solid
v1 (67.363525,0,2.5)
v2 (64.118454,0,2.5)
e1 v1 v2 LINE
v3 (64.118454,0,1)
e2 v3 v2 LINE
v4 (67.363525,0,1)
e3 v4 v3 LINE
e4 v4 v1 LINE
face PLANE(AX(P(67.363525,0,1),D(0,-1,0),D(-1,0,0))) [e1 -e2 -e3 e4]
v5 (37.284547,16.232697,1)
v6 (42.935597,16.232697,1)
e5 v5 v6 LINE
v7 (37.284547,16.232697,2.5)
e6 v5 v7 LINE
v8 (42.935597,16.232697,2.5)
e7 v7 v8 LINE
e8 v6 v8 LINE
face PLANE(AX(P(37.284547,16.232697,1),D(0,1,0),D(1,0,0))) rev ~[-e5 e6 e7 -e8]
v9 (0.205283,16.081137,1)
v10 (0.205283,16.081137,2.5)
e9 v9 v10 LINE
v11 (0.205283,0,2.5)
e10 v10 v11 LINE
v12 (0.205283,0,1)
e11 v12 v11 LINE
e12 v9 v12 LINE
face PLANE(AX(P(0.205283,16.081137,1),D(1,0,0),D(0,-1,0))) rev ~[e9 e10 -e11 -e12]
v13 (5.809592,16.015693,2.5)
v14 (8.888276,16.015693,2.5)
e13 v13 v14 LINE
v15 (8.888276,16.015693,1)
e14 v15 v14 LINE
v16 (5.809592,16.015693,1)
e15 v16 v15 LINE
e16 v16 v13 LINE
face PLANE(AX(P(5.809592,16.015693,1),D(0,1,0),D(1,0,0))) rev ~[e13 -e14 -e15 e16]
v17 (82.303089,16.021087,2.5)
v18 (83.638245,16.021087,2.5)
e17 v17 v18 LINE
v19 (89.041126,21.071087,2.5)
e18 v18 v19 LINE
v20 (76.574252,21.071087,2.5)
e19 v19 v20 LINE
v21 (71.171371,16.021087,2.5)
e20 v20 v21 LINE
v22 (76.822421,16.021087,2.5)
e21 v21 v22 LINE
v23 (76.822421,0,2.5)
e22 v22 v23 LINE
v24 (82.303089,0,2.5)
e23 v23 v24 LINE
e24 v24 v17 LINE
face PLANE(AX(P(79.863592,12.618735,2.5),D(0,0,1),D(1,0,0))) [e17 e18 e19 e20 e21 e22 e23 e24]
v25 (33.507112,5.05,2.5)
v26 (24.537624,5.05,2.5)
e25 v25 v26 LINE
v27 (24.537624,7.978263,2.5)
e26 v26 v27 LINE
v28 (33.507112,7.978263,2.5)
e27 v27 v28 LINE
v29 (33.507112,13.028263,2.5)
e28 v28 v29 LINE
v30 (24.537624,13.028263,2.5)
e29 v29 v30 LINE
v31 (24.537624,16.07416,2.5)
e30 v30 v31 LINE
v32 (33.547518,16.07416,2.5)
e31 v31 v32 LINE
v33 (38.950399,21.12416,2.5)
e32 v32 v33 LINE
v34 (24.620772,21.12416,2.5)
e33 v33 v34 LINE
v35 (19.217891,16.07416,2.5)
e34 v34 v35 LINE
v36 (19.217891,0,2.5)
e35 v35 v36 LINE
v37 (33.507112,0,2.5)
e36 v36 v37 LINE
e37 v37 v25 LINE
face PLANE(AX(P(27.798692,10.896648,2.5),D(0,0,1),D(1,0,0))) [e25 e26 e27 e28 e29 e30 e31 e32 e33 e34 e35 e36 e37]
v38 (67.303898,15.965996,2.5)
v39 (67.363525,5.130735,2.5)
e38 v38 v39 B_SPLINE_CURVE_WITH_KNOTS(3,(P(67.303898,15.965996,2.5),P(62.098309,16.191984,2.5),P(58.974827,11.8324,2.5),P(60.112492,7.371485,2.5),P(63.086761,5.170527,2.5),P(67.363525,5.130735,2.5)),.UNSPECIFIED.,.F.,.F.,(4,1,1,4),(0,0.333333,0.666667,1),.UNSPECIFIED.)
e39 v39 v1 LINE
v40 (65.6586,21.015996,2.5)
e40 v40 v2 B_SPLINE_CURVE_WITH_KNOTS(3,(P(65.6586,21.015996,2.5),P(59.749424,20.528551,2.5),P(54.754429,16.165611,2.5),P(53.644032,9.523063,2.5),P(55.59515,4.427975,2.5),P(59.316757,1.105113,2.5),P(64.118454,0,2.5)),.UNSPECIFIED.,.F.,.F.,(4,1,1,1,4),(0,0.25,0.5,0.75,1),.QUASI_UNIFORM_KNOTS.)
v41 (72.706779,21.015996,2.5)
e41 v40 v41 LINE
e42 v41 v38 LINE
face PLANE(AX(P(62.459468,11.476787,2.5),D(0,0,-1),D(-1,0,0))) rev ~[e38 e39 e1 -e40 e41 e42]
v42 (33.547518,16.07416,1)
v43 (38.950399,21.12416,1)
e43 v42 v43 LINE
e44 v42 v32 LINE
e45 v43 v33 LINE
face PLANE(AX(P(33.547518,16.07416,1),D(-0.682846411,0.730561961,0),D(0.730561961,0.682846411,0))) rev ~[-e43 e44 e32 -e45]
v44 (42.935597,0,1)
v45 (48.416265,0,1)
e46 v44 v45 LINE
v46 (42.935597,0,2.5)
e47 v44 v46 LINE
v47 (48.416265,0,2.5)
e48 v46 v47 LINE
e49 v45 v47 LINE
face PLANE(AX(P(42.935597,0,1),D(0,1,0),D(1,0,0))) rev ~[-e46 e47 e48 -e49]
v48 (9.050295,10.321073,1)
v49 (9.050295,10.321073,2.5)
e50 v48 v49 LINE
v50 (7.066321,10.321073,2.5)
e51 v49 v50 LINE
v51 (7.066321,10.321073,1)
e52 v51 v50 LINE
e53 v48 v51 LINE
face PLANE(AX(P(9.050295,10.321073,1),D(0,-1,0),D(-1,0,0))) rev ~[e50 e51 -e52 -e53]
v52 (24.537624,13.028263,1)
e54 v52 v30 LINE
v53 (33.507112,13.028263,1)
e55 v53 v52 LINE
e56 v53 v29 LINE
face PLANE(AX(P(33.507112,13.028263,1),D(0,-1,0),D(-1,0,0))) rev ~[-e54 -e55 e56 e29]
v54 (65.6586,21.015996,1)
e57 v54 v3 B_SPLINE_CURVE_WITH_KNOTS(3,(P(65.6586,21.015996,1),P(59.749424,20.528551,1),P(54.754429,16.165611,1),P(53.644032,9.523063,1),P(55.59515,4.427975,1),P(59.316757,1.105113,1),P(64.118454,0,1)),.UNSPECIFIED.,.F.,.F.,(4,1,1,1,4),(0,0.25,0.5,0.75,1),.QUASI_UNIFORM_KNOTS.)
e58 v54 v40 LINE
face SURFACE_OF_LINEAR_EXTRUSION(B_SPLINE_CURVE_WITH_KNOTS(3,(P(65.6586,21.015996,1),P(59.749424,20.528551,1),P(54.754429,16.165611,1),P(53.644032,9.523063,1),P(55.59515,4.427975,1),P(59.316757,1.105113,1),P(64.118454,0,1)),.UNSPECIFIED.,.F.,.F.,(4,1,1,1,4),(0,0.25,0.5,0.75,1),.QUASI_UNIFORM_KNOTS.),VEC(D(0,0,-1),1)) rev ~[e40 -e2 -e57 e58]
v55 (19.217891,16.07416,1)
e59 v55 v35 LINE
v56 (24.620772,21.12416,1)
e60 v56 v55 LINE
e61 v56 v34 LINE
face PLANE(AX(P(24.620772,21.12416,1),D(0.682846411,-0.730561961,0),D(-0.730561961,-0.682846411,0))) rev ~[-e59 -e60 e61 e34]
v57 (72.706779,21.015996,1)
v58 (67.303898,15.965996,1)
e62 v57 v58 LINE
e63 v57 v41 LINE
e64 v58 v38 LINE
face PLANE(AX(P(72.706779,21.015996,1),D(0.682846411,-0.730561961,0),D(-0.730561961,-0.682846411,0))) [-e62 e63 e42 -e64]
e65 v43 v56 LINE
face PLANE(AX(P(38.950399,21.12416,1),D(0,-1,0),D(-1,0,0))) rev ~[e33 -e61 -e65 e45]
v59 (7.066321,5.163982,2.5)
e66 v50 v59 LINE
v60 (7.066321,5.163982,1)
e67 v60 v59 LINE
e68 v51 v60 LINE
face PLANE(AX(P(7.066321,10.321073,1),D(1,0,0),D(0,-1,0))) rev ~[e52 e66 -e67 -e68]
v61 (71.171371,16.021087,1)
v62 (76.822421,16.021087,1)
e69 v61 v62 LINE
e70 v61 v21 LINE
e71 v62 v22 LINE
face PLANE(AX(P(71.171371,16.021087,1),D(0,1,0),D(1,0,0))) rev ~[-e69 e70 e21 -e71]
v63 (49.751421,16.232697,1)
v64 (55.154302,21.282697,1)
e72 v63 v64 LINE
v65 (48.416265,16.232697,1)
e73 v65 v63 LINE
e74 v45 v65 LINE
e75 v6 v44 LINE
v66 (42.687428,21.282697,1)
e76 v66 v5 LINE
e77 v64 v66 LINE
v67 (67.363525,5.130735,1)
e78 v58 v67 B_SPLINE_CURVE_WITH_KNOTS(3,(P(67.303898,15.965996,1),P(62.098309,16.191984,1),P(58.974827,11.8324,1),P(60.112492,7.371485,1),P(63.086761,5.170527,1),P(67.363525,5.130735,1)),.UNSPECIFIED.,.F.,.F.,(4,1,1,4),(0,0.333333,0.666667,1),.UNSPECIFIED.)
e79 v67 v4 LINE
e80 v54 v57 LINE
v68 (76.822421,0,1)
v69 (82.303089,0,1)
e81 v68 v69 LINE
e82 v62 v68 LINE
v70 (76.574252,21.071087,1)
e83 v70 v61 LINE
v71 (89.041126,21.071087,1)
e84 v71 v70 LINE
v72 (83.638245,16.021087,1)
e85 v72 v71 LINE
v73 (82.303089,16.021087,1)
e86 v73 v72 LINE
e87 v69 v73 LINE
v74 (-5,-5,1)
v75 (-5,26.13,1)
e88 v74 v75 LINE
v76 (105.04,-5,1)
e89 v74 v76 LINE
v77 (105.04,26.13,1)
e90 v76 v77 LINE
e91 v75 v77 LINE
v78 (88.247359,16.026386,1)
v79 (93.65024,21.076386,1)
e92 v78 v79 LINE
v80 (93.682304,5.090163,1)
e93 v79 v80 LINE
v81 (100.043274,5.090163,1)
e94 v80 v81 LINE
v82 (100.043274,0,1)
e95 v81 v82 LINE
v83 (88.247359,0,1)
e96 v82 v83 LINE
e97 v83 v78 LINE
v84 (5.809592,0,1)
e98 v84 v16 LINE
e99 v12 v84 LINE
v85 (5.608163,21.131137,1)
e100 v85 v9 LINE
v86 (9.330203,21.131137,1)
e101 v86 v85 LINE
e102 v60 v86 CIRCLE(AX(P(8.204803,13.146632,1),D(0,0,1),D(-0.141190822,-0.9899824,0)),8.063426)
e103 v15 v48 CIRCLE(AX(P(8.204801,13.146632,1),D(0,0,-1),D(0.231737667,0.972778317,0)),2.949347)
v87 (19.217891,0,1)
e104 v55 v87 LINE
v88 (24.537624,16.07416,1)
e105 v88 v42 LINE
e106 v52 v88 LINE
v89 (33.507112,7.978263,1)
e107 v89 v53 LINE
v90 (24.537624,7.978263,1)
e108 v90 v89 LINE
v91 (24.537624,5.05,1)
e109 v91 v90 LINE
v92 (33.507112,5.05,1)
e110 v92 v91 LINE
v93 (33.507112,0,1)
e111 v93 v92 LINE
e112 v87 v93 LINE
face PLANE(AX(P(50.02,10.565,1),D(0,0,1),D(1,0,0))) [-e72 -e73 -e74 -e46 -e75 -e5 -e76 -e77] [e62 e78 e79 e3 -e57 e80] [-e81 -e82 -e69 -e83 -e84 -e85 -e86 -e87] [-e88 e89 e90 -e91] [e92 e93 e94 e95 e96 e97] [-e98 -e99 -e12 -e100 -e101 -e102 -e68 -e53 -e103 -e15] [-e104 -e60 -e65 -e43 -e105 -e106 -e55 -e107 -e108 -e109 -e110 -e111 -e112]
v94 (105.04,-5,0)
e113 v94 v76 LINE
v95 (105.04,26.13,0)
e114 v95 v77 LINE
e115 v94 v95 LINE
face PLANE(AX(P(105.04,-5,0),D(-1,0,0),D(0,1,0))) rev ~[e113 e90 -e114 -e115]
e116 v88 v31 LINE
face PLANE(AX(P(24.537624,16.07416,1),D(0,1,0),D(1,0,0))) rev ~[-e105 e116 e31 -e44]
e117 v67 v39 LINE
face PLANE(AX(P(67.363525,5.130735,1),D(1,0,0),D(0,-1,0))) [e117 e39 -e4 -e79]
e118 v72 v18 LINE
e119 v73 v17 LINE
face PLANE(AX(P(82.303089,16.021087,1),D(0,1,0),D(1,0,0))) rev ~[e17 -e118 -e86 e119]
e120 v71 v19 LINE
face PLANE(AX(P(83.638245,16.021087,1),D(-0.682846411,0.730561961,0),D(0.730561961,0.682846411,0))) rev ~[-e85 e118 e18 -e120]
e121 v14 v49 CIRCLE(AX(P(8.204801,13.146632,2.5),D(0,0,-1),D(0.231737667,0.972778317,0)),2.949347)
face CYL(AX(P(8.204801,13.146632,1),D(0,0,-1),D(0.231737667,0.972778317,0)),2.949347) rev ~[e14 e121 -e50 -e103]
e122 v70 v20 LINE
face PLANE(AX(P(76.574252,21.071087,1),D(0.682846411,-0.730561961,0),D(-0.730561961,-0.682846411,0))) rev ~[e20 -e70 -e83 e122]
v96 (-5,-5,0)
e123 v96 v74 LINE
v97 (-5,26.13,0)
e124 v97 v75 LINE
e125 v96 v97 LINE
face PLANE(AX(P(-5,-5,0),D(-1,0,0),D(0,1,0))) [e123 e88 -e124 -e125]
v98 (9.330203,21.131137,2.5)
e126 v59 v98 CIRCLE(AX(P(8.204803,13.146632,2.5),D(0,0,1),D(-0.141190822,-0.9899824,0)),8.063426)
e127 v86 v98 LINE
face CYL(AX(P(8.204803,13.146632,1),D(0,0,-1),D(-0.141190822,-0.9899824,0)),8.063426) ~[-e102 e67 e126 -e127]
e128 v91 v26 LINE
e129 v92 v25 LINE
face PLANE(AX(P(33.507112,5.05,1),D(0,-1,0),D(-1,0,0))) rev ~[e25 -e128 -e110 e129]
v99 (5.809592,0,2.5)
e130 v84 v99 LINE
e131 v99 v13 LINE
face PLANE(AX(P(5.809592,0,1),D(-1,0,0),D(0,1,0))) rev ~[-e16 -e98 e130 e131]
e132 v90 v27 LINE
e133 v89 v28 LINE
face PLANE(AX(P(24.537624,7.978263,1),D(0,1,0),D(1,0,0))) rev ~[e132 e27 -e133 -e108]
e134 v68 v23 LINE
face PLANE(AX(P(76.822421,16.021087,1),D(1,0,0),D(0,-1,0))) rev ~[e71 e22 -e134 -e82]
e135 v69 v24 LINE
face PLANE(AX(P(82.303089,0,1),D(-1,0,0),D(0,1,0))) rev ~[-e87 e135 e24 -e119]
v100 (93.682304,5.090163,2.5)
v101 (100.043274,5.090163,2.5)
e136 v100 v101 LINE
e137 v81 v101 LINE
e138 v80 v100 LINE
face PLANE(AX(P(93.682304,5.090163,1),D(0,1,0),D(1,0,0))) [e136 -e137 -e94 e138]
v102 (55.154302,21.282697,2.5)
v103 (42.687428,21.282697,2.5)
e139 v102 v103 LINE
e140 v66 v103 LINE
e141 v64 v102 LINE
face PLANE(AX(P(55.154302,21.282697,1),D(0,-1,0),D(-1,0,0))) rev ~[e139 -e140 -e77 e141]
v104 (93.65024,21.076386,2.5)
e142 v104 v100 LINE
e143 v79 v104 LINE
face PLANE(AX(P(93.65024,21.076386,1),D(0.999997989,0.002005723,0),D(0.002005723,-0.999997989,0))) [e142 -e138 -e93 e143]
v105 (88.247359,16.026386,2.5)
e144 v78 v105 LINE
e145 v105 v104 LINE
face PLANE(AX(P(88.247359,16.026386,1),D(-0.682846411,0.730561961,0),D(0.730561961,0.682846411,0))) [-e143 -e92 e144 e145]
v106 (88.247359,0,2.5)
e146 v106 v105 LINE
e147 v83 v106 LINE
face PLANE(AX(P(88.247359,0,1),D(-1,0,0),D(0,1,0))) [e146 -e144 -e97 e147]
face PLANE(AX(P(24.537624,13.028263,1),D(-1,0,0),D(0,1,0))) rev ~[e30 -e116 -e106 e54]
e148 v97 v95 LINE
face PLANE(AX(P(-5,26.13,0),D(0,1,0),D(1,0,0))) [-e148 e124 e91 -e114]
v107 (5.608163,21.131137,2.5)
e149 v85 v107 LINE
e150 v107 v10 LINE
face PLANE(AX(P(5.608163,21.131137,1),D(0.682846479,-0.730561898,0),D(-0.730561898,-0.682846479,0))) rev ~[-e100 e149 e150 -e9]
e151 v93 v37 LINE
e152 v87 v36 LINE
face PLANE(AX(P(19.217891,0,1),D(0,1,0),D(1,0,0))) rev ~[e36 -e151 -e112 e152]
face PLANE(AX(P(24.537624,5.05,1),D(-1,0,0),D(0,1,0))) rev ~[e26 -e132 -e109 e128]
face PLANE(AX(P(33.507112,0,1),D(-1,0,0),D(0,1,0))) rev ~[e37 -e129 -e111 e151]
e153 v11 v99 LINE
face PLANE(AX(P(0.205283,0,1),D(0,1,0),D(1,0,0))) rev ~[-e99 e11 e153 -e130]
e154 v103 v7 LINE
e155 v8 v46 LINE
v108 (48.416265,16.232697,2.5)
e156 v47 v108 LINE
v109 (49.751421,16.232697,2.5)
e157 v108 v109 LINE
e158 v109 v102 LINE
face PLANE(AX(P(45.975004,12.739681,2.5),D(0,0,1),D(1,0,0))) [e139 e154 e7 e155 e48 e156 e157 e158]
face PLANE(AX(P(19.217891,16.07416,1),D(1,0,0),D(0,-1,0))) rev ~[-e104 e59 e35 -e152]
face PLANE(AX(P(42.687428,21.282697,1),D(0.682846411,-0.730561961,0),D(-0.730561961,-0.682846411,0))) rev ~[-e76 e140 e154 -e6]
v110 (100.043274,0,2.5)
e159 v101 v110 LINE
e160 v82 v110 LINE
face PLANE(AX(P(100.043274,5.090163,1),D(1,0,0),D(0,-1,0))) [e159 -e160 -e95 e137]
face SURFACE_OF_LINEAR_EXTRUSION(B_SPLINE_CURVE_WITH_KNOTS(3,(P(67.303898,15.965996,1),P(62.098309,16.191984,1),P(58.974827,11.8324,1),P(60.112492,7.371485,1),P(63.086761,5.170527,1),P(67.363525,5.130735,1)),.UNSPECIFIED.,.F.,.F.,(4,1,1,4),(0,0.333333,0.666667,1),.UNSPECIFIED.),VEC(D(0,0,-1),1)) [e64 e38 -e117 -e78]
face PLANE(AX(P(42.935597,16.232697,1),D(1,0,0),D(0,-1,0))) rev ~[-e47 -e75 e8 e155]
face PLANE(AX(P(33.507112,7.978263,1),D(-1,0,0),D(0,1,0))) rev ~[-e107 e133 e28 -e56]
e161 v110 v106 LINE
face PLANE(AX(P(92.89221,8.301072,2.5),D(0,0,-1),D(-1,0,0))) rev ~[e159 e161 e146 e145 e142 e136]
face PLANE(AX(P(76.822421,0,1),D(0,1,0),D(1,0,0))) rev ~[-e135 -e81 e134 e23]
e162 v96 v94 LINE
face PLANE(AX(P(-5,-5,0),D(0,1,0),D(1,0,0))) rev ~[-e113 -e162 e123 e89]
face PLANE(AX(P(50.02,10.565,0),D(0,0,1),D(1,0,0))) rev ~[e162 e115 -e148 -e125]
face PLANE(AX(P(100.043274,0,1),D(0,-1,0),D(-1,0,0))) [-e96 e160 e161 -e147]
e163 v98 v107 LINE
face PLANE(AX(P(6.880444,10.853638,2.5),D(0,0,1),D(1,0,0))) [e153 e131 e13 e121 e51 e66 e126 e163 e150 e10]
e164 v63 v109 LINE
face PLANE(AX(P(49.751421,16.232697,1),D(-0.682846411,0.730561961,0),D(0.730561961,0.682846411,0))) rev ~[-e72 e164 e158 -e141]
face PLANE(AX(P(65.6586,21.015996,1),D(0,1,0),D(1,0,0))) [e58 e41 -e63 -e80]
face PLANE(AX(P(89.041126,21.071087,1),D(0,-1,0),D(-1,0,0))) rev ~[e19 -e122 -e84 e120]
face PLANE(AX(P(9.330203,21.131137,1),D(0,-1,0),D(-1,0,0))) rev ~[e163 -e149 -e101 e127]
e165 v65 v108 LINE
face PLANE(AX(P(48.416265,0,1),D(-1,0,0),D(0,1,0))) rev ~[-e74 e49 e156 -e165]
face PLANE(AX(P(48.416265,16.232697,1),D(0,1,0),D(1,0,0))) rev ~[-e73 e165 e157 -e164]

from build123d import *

# Parameters (mm, degrees)
SKETCH_W     = 110.04
SKETCH_H     = 31.13
PAD_DEPTH    = 1
PAD001_DEPTH = 1.5


with BuildPart() as part:
    # Sketch → Pad (new body)
    with BuildSketch(Plane.XY):
        with Locations((50.02, 10.565)):
            Rectangle(SKETCH_W, SKETCH_H)
    extrude(amount=PAD_DEPTH)

    # Sketch001 → Pad001 (join)
    with BuildSketch(Plane.XY.offset(1)):
        with BuildLine():
            Line((9.050295, 10.321073), (7.066321, 10.321073))
            Line((7.066321, 10.321073), (7.066321, 5.163982))
            ThreePointArc((7.066321, 5.163982), (16.188383, 12.014691), (9.330203, 21.131137))
            Line((9.330203, 21.131137), (5.608163, 21.131137))
            Line((5.608163, 21.131137), (0.205283, 16.081137))
            Line((0.205283, 16.081137), (0.205283, 0))
            Line((0.205283, 0), (5.809592, 0))
            Line((5.809592, 0), (5.809592, 16.015693))
            Line((5.809592, 16.015693), (8.888276, 16.015693))
            ThreePointArc((8.888276, 16.015693), (11.152955, 13.230511), (9.050295, 10.321073))
        make_face()
        with BuildLine():
            add(Edge.make_bspline(
                [(67.303898, 15.965996), (62.098309, 16.191984), (58.974827, 11.8324), (60.112492, 7.371485), (63.086761, 5.170527), (67.363525, 5.130735)],
                knots=[0, 0, 0, 0, 0.333333, 0.666667, 1, 1, 1, 1], degree=3))
            Line((67.363525, 5.130735), (67.363525, 0))
            Line((67.363525, 0), (64.118454, 0))
            add(Edge.make_bspline(
                [(65.6586, 21.015996), (59.749424, 20.528551), (54.754429, 16.165611), (53.644032, 9.523063), (55.59515, 4.427975), (59.316757, 1.105113), (64.118454, 0)],
                knots=[0, 0, 0, 0, 0.25, 0.5, 0.75, 1, 1, 1, 1], degree=3))
            Line((65.6586, 21.015996), (72.706779, 21.015996))
            Line((72.706779, 21.015996), (67.303898, 15.965996))
        make_face()
        Polygon((38.950399, 21.12416), (24.620772, 21.12416), (19.217891, 16.07416), (19.217891, 0), (33.507112, 0), (33.507112, 5.05), (24.537624, 5.05), (24.537624, 7.978263), (33.507112, 7.978263), (33.507112, 13.028263), (24.537624, 13.028263), (24.537624, 16.07416), (33.547518, 16.07416), align=None)
        Polygon((42.687428, 21.282697), (37.284547, 16.232697), (42.935597, 16.232697), (42.935597, 0), (48.416265, 0), (48.416265, 16.232697), (49.751421, 16.232697), (55.154302, 21.282697), align=None)
        Polygon((76.574252, 21.071087), (71.171371, 16.021087), (76.822421, 16.021087), (76.822421, 0), (82.303089, 0), (82.303089, 16.021087), (83.638245, 16.021087), (89.041126, 21.071087), align=None)
        Polygon((88.247359, 16.026386), (93.65024, 21.076386), (93.682304, 5.090163), (100.043274, 5.090163), (100.043274, 0), (88.247359, 0), align=None)
    extrude(amount=PAD001_DEPTH)


solid = part.part
